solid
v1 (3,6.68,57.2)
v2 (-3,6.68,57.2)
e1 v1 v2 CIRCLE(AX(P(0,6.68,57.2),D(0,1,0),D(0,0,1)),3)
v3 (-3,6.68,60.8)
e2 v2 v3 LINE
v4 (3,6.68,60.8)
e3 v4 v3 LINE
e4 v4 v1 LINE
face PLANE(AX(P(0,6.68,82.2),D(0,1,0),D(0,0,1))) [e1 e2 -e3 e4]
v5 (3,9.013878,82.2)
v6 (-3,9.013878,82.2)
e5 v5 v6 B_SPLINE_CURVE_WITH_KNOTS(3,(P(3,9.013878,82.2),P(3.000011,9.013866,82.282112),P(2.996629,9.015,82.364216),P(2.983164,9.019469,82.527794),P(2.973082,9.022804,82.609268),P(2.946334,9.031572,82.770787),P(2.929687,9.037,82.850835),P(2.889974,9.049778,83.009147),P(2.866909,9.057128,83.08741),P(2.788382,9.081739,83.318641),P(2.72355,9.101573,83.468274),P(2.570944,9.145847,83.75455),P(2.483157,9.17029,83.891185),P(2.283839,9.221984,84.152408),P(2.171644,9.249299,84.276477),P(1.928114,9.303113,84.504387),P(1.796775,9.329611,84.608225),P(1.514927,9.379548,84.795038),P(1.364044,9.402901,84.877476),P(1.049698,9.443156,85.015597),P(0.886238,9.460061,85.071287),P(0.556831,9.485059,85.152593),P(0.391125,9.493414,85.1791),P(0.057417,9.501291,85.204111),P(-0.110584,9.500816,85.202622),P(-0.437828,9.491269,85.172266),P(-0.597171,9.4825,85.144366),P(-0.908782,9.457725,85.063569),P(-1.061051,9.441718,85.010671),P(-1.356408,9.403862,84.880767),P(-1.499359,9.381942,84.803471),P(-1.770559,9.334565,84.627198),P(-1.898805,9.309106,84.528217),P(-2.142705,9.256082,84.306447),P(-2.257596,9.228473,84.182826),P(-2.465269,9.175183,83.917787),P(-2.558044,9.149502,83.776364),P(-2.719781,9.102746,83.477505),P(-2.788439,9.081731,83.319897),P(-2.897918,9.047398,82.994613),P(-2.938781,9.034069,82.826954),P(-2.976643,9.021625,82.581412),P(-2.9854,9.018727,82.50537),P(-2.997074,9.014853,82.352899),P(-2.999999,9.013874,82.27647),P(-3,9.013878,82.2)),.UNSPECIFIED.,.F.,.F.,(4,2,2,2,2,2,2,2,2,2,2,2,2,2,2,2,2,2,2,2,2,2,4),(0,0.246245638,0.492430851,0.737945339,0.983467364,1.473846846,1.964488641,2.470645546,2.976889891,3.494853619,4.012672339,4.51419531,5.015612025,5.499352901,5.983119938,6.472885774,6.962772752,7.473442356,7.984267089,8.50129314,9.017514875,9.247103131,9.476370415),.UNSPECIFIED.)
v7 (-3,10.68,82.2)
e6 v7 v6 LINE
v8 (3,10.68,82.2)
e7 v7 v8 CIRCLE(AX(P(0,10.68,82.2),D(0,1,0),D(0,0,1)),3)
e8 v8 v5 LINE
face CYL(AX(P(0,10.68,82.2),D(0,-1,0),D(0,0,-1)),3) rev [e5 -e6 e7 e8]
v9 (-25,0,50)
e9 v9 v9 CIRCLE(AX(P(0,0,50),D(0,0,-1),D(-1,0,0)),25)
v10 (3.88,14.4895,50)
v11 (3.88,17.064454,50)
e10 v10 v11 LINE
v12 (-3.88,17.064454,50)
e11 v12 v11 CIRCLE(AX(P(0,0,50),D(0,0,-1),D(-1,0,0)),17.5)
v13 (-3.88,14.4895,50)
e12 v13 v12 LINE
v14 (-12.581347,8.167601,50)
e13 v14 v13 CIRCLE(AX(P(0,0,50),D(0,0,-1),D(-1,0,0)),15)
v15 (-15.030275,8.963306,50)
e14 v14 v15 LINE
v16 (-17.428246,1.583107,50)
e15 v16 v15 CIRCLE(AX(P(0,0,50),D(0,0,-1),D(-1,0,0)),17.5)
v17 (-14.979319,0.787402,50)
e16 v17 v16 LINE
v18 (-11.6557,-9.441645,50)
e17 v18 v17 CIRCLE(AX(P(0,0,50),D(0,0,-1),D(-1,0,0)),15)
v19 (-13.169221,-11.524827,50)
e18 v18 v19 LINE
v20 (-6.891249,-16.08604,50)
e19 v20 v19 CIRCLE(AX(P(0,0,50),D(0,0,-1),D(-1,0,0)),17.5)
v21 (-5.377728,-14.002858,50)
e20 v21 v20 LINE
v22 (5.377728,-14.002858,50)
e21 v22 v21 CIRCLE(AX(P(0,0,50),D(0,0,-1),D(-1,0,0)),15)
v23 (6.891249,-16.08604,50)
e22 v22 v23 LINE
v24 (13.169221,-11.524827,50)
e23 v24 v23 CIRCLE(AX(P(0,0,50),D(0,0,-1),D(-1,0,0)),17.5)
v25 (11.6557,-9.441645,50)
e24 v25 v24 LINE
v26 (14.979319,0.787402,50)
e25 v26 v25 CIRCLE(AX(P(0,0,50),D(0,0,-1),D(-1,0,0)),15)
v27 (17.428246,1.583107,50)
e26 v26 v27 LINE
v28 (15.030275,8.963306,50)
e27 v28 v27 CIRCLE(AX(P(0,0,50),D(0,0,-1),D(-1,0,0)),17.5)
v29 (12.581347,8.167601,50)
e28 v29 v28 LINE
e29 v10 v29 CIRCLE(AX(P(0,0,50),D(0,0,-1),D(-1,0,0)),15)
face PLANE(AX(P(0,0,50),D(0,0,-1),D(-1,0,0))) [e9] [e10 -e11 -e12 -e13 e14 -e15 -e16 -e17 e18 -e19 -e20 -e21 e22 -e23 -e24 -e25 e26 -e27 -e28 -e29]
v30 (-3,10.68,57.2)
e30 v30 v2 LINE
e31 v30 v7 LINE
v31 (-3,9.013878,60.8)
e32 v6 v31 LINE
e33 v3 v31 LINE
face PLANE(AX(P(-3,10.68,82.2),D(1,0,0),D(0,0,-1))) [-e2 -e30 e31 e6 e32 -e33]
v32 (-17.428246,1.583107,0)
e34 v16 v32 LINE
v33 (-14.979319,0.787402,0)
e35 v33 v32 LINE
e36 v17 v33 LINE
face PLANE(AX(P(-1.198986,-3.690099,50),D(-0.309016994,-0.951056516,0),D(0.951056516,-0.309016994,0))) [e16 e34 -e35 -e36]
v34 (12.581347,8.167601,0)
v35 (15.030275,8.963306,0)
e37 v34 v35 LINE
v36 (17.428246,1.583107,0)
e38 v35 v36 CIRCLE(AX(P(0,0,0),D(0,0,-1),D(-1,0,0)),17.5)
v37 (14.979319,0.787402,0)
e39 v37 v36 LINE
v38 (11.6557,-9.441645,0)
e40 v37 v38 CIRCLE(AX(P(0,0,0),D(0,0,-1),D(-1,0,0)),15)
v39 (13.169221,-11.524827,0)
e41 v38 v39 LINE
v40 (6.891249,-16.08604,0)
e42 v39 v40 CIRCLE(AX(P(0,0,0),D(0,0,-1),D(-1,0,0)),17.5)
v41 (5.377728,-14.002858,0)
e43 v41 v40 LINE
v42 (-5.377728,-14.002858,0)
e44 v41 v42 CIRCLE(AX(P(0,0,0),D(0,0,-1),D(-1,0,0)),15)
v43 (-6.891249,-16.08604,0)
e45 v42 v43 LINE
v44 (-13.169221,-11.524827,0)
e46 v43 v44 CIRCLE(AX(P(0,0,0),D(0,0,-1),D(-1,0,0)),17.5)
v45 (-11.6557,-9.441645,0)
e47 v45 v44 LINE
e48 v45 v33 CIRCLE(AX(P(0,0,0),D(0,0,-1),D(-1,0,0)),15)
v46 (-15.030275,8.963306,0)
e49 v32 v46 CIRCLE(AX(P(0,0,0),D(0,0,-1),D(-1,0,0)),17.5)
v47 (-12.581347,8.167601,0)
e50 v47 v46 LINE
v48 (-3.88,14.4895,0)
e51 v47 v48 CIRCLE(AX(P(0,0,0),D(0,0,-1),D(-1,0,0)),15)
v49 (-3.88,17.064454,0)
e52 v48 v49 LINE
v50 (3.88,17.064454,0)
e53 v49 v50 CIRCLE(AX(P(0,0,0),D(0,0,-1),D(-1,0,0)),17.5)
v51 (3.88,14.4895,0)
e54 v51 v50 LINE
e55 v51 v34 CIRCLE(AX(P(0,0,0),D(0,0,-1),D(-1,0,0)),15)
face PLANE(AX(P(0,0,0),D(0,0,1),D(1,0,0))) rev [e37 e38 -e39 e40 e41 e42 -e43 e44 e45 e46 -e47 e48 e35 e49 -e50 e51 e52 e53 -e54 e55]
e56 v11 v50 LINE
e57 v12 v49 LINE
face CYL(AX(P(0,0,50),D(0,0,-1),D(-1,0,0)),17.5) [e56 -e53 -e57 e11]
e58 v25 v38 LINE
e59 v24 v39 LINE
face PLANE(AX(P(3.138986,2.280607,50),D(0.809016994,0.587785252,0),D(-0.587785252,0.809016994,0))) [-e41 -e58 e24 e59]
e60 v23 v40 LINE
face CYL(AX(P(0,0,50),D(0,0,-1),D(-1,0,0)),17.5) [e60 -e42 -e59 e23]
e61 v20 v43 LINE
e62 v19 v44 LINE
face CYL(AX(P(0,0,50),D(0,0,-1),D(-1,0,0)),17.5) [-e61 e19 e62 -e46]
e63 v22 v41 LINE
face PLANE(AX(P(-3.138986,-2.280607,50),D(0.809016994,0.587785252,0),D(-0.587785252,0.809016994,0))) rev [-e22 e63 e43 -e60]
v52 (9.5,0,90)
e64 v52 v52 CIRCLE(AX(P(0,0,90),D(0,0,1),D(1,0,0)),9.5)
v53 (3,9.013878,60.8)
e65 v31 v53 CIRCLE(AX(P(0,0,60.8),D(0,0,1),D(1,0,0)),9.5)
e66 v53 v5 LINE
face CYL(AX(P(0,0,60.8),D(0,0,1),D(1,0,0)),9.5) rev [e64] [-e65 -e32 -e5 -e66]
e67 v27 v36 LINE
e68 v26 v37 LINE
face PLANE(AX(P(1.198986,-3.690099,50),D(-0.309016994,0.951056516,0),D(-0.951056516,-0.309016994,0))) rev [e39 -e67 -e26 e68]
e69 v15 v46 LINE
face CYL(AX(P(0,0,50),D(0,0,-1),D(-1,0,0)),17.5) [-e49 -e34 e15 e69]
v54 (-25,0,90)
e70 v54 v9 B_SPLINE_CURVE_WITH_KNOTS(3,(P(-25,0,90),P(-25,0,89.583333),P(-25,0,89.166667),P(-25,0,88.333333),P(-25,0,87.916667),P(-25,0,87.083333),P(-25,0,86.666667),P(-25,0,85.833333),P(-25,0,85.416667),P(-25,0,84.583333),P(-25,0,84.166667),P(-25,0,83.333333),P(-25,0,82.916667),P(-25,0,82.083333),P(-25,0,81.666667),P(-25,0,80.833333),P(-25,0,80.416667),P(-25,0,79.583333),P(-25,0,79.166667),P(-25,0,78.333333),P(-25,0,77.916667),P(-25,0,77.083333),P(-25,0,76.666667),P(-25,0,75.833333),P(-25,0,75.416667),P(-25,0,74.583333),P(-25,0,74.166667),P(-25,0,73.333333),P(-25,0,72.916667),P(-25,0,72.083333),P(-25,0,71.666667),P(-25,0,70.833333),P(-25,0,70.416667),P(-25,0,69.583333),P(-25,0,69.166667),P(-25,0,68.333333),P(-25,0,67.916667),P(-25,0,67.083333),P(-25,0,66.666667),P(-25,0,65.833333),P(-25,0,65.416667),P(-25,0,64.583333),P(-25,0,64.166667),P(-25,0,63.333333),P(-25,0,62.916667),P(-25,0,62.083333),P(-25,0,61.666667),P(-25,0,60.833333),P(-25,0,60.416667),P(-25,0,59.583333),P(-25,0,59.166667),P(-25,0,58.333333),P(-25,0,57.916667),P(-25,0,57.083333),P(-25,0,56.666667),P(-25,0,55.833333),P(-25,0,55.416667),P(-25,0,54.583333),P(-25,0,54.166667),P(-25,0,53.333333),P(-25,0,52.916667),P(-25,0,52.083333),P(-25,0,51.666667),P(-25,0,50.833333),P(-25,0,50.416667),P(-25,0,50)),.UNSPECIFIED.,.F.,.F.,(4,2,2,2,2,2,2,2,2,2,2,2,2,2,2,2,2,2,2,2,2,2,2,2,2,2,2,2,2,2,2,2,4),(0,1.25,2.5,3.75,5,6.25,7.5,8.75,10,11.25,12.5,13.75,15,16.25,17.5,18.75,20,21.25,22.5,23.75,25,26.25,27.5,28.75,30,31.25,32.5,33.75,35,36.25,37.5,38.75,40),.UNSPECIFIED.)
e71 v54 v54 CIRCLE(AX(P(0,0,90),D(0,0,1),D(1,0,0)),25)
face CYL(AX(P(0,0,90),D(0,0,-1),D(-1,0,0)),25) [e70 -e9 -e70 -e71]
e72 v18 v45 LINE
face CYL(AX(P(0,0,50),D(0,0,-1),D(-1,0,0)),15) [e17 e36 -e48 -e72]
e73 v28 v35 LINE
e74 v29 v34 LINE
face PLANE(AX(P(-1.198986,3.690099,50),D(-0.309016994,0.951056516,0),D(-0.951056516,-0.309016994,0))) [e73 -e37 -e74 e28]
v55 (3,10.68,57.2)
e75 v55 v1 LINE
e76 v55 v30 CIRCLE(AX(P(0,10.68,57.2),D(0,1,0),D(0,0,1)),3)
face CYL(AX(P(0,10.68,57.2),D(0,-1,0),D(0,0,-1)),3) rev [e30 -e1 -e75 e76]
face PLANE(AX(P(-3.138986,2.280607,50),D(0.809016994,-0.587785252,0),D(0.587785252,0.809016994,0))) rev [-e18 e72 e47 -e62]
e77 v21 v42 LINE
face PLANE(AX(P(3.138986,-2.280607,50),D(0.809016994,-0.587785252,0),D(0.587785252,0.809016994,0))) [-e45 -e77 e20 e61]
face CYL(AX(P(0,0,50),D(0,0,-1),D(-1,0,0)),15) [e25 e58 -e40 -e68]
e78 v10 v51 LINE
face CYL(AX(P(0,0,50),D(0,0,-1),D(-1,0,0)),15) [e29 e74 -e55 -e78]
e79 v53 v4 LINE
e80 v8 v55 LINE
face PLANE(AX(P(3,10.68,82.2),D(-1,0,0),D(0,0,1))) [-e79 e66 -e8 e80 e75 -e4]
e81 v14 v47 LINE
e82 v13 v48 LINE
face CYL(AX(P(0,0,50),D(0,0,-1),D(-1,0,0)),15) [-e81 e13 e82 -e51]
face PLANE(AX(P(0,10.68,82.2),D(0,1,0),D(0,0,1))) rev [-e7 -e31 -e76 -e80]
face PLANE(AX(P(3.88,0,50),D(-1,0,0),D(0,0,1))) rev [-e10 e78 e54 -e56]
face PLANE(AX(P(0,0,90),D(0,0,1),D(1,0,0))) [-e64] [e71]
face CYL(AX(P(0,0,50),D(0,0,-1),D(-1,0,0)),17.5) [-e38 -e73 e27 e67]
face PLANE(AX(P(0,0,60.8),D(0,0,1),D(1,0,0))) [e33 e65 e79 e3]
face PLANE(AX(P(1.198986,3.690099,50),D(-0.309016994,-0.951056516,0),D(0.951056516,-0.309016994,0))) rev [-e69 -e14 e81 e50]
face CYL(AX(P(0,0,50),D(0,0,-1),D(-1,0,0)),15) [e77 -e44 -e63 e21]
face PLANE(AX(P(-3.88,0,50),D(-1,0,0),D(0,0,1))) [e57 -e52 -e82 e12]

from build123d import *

# Parameters (mm, degrees)
SKETCH1_R           = 25
BOSS_EXTRUDE1_DEPTH = 90
SKETCH2_R           = 25
CUT_EXTRUDE2_DEPTH  = 50
CUT_EXTRUDE4_DEPTH  = 50
SKETCH3_R           = 9.5
CUT_EXTRUDE5_DEPTH  = 29.2
CUT_EXTRUDE6_DEPTH  = 4


with BuildPart() as part:
    # Sketch1 → Boss-Extrude1 (new body)
    with BuildSketch(Plane.XY):
        Circle(SKETCH1_R)
    extrude(amount=BOSS_EXTRUDE1_DEPTH)

    # Sketch2 → Cut-Extrude2 (cut)
    with BuildSketch(Plane(origin=(0, 0, 0), x_dir=(-1, 0, 0), z_dir=(0, 0, -1))):
        Circle(SKETCH2_R)
        with BuildLine():
            ThreePointArc((3.88, 17.064454284), (10.286241915, 14.157797402), (15.030274505, 8.963305657))
            ThreePointArc((15.030274505, 8.963305657), (16.643489035, 5.407797402), (17.428246382, 1.58310709))
            ThreePointArc((17.428246382, 1.58310709), (17.482052392, 0.792366178), (17.5, 0))
            ThreePointArc((17.5, 0), (16.381565231, -6.155836303), (13.169220505, -11.524826736))
            ThreePointArc((13.169220505, -11.524826736), (10.286241915, -14.157797402), (6.891248628, -16.086040294))
            ThreePointArc((6.891248628, -16.086040294), (0, -17.5), (-6.891248628, -16.086040294))
            ThreePointArc((-6.891248628, -16.086040294), (-10.286241915, -14.157797402), (-13.169220505, -11.524826736))
            ThreePointArc((-13.169220505, -11.524826736), (-16.643489035, -5.407797402), (-17.428246382, 1.58310709))
            ThreePointArc((-17.428246382, 1.58310709), (-16.643489035, 5.407797402), (-15.030274505, 8.963305657))
            ThreePointArc((-15.030274505, 8.963305657), (-10.286241915, 14.157797402), (-3.88, 17.064454284))
            ThreePointArc((-3.88, 17.064454284), (0, 17.5), (3.88, 17.064454284))
        make_face(mode=Mode.SUBTRACT)
    extrude(amount=-CUT_EXTRUDE2_DEPTH, mode=Mode.SUBTRACT)

    # Sketch2<3> → Cut-Extrude4 (cut)
    with BuildSketch(Plane(origin=(0, 0, 0), x_dir=(-1, 0, 0), z_dir=(0, 0, -1))):
        with BuildLine():
            ThreePointArc((3.88, 14.489499646), (8.816778784, 12.135254916), (12.581347118, 8.167600914))
            Line((12.581347118, 8.167600914), (15.030274505, 8.963305657))
            ThreePointArc((15.030274505, 8.963305657), (10.286241915, 14.157797402), (3.88, 17.064454284))
            Line((3.88, 17.064454284), (3.88, 14.489499646))
        make_face()
        with BuildLine():
            Line((17.428246382, 1.58310709), (14.979318995, 0.787402347))
            ThreePointArc((14.979318995, 0.787402347), (14.265847744, -4.635254916), (11.655700143, -9.441644675))
            Line((11.655700143, -9.441644675), (13.169220505, -11.524826736))
            ThreePointArc((13.169220505, -11.524826736), (16.643489035, -5.407797402), (17.428246382, 1.58310709))
        make_face()
        with BuildLine():
            Line((-3.88, 14.489499646), (-3.88, 17.064454284))
            ThreePointArc((-3.88, 17.064454284), (-10.286241915, 14.157797402), (-15.030274505, 8.963305657))
            Line((-15.030274505, 8.963305657), (-12.581347118, 8.167600914))
            ThreePointArc((-12.581347118, 8.167600914), (-8.816778784, 12.135254916), (-3.88, 14.489499646))
        make_face()
        with BuildLine():
            Line((6.891248628, -16.086040294), (5.377728267, -14.002858233))
            ThreePointArc((5.377728267, -14.002858233), (0, -15), (-5.377728267, -14.002858233))
            Line((-5.377728267, -14.002858233), (-6.891248628, -16.086040294))
            ThreePointArc((-6.891248628, -16.086040294), (0, -17.5), (6.891248628, -16.086040294))
        make_face()
        with BuildLine():
            Line((-14.979318995, 0.787402347), (-17.428246382, 1.58310709))
            ThreePointArc((-17.428246382, 1.58310709), (-16.643489035, -5.407797402), (-13.169220505, -11.524826736))
            Line((-13.169220505, -11.524826736), (-11.655700143, -9.441644675))
            ThreePointArc((-11.655700143, -9.441644675), (-14.265847744, -4.635254916), (-14.979318995, 0.787402347))
        make_face()
    extrude(amount=-CUT_EXTRUDE4_DEPTH, mode=Mode.SUBTRACT)

    # Sketch3 → Cut-Extrude5 (cut)
    with BuildSketch(Plane.XY.offset(90)):
        Circle(SKETCH3_R)
    extrude(amount=-CUT_EXTRUDE5_DEPTH, mode=Mode.SUBTRACT)

    # Sketch5 → Cut-Extrude6 (cut)
    with BuildSketch(Plane(origin=(0, 6.68, 0), x_dir=(1, 0, 0), z_dir=(0, 1, 0))):
        with BuildLine():
            Line((-3, -82.2), (-3, -57.2))
            ThreePointArc((-3, -57.2), (0, -54.2), (3, -57.2))
            Line((3, -57.2), (3, -82.2))
            ThreePointArc((3, -82.2), (0, -85.2), (-3, -82.2))
        make_face()
    extrude(amount=CUT_EXTRUDE6_DEPTH, mode=Mode.SUBTRACT)


solid = part.part
